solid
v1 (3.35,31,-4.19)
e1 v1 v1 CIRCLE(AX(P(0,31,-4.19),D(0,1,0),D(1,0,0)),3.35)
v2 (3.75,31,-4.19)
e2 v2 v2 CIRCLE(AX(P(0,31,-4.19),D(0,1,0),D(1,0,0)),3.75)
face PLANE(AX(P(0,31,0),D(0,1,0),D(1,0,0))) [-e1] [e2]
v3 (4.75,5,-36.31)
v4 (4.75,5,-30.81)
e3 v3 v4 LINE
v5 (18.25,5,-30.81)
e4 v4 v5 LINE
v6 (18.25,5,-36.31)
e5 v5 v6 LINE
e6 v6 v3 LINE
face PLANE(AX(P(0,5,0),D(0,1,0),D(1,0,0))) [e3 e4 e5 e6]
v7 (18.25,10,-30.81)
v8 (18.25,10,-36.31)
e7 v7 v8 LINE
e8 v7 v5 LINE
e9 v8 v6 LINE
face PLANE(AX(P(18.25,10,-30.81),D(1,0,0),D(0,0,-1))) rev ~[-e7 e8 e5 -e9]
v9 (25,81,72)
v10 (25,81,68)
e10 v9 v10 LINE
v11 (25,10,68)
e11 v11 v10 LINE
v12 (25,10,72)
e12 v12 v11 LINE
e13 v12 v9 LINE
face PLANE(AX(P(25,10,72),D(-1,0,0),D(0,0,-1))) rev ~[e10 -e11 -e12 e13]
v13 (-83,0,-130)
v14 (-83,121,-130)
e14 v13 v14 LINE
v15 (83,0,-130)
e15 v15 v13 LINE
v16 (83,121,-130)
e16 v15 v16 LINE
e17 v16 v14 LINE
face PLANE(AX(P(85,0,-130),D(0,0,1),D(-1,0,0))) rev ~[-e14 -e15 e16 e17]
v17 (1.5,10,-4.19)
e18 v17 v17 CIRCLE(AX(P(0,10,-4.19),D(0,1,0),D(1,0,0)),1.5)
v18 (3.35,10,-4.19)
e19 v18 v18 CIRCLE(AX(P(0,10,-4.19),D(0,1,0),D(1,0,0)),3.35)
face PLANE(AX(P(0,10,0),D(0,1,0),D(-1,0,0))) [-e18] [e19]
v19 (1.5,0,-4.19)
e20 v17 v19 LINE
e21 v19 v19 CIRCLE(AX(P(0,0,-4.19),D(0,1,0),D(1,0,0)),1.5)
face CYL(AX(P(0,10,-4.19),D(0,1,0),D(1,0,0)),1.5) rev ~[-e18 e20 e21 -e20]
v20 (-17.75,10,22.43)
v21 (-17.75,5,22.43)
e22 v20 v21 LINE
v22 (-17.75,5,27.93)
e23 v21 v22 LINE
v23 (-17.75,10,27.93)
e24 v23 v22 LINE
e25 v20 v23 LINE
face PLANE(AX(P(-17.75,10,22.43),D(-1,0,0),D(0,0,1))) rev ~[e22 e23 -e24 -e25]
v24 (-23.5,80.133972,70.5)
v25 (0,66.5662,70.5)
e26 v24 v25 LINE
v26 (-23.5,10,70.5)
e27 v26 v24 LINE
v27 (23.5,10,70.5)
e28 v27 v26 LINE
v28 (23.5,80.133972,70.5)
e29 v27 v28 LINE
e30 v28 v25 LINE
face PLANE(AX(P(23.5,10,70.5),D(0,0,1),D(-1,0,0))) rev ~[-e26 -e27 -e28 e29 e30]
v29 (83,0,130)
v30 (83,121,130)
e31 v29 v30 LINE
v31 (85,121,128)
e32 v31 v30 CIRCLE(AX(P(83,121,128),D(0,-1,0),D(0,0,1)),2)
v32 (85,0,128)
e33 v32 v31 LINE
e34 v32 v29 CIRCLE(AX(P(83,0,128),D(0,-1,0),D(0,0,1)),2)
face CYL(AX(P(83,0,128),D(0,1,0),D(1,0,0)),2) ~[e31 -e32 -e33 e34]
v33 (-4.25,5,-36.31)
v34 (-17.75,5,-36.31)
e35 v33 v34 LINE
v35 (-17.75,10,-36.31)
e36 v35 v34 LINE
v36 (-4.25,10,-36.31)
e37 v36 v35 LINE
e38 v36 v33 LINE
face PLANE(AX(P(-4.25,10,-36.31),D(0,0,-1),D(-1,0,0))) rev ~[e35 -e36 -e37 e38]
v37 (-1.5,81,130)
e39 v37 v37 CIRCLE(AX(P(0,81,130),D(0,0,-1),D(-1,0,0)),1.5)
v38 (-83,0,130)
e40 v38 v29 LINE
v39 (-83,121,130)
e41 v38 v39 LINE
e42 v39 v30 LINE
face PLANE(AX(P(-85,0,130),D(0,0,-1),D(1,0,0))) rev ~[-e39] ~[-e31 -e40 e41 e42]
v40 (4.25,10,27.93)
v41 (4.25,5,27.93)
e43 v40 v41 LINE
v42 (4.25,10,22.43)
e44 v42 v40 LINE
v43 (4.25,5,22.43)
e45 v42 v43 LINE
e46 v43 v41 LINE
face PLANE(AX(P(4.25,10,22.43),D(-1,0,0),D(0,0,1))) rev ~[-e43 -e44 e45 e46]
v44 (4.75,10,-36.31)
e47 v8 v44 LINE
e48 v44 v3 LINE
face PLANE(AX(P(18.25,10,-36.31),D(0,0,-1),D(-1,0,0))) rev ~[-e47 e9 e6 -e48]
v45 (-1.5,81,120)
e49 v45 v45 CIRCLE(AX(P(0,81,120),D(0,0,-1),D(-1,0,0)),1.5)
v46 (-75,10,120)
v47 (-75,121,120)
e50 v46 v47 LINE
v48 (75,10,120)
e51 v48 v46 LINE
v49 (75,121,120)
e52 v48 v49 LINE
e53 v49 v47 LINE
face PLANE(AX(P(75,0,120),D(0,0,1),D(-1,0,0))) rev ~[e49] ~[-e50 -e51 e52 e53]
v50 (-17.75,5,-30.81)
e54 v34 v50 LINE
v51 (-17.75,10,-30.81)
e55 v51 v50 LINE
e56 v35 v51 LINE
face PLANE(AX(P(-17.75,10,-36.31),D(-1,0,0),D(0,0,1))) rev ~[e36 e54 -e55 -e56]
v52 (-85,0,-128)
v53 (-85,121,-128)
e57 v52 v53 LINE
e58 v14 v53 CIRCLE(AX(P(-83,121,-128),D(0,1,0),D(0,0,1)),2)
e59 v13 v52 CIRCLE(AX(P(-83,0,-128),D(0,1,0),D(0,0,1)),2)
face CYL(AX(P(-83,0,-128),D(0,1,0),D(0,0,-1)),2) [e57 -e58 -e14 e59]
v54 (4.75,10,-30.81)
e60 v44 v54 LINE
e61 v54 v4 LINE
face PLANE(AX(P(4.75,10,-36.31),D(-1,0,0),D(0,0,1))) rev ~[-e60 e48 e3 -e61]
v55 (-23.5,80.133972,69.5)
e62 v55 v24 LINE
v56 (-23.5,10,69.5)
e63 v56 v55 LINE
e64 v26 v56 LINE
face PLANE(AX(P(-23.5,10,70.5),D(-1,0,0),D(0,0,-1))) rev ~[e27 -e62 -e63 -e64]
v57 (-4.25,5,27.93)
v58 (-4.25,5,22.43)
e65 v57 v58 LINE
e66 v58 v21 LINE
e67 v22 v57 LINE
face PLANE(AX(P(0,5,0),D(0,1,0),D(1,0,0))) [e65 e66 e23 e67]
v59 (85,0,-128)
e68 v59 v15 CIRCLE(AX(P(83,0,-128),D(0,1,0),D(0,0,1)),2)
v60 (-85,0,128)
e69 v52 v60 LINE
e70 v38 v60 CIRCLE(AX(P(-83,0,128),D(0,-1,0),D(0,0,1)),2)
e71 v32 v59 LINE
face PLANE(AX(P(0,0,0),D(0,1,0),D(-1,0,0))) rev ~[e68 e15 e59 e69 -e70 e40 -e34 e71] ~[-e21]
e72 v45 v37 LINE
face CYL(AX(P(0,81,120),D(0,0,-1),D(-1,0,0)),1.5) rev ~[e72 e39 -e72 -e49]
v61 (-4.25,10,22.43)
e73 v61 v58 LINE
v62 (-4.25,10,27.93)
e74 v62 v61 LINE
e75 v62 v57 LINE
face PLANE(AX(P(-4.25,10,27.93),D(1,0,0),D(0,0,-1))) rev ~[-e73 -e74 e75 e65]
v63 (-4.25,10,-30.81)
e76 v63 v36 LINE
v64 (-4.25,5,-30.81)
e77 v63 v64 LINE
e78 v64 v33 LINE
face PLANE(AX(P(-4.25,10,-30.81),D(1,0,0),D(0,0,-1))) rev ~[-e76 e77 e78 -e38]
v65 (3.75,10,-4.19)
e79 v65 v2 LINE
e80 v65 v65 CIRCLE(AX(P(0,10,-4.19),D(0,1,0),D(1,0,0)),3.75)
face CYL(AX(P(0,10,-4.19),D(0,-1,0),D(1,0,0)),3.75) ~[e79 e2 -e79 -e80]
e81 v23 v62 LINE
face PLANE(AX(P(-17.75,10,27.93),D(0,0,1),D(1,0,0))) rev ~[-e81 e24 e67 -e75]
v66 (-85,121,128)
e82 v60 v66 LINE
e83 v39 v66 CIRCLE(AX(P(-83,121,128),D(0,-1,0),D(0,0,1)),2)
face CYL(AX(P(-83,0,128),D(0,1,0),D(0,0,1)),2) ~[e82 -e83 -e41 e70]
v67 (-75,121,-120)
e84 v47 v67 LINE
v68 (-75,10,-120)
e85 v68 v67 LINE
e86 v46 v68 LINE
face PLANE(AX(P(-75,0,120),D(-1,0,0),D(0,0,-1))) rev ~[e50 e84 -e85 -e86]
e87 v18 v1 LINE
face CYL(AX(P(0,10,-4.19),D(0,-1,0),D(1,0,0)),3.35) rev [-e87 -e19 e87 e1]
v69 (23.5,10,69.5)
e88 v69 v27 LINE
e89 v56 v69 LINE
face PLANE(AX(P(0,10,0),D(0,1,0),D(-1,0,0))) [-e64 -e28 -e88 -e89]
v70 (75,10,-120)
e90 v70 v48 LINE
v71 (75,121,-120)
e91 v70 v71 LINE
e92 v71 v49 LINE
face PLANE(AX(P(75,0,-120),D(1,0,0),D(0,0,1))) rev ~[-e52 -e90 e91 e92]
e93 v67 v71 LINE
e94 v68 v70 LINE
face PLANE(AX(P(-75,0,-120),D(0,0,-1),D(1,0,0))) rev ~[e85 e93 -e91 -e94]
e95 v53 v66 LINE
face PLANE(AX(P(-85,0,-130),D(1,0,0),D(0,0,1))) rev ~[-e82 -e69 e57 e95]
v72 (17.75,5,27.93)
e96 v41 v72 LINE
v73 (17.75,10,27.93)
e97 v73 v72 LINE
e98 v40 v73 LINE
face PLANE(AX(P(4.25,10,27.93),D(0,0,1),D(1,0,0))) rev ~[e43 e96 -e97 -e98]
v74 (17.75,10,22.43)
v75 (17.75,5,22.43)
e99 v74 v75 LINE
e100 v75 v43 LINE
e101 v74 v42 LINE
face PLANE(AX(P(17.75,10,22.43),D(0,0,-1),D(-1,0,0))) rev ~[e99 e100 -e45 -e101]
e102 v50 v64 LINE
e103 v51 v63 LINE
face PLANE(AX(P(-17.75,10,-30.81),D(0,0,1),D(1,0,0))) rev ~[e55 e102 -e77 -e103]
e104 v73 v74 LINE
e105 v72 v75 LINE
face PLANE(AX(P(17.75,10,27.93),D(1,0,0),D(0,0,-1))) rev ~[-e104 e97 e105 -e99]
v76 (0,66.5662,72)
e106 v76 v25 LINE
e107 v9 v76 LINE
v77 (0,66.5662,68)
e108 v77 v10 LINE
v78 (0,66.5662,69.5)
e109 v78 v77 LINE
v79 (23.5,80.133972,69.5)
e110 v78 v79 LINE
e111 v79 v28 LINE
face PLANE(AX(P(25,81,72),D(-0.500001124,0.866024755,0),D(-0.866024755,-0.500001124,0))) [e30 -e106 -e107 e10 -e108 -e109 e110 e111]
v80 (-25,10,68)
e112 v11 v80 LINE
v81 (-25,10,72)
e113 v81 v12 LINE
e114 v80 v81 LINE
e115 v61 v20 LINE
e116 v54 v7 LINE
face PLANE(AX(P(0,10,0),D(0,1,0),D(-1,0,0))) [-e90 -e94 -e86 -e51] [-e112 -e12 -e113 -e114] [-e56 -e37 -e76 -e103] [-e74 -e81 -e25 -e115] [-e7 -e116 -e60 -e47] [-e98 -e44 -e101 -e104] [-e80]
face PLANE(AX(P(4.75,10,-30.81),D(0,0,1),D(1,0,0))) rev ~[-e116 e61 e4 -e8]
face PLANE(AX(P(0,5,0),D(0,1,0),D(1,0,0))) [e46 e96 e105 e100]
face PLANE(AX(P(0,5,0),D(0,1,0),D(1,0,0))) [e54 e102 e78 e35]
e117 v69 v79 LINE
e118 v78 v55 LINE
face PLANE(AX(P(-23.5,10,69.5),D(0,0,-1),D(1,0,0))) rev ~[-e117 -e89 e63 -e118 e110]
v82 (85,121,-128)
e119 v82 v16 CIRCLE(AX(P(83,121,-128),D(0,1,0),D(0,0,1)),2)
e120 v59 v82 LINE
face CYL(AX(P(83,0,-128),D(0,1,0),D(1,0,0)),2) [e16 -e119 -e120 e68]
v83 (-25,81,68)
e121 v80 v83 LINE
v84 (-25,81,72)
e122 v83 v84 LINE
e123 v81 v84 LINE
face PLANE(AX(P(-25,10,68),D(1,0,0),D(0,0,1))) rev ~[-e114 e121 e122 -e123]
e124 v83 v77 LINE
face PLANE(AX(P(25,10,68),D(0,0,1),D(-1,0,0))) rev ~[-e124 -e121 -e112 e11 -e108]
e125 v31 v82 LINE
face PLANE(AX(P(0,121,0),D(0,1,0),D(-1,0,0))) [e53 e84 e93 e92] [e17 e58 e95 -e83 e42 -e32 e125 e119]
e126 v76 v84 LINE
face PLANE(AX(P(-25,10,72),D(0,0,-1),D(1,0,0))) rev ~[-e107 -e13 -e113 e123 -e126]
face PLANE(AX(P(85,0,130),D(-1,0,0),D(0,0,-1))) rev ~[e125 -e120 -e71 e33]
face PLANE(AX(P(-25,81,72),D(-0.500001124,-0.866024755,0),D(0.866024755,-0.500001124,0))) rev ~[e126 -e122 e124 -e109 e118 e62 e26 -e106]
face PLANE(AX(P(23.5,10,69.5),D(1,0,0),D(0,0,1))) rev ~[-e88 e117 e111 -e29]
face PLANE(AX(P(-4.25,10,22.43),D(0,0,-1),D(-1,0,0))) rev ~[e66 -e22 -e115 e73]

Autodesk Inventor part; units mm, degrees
ref_plane "YZ Plane" through (0, 0, 0) normal (1, 0, 0) x (0, 1, 0)
ref_plane "XZ Plane" through (0, 0, 0) normal (0, 1, 0) x (-1, 0, 0)
ref_plane "XY Plane" through (0, 0, 0) normal (0, 0, 1) x (1, 0, 0)
sketch "Boceto1" plane through (0, 0, 0) normal (0, 1, 0) x (-1, 0, 0)
  line L0 (-85, -130) -> (85, -130)
  line L1 (85, -130) -> (85, 130)
  line L2 (85, 130) -> (-85, 130)
  line L3 (-85, 130) -> (-85, -130)
  line L4 (-85, -130) -> (85, 130) construction
  line L5 (85, -130) -> (-85, 130) construction
  line L6 (75, 120) -> (75, -120)
  line L7 (75, -120) -> (-75, -120)
  line L8 (-75, -120) -> (-75, 120)
  line L9 (-75, 120) -> (75, 120)
  point P0 (0, 0)
  point P1 (0, -120)
  point P2 (0, 120)
  point P3 (0, 0)
  dimension "d0" = 170
  dimension "d1" = 260
  dimension "d10" = 10
extrude "Extrusión1" add sketch "Boceto1" along normal blind 121
extrude "Extrusión3" add sketch "Boceto1" along normal blind 10 contours L6 L7 L8 L9
sketch "Boceto4" plane through (0, 10, 0) normal (0, 1, 0) x (1, 0, 0)
  circle A0 centre (0, 4.19) radius 3.75
  line L0 (85, 130) -> (-85, 130) projected
  circle A1 centre (0, 4.19) radius 3.35
  circle A2 centre (0, 4.19) radius 1.5
  line L1 (-85, -130) -> (85, -130) projected
  line L2 (75, -120) -> (-75, -120) construction
  line L3 (0, -120) -> (0, -70) construction
  point P0 (0, 0)
  dimension "d15" = 7.5
  dimension "d17" = 0.4
  dimension "d20" = 3
  dimension "d23" = 134.19
  dimension "d36" = 50
extrude "Extrusión4" add sketch "Boceto4" along normal blind 21 contours A0
extrude "Extrusión5" cut sketch "Boceto4" against normal blind 10 contours A2
sketch "Boceto7" plane through (0, 10, 0) normal (0, 1, 0) x (1, 0, 0)
  circle A0 centre (0, 4.19) radius 1.5 construction
  line L0 (0, 4.19) -> (-17.5, 4.19) construction
  circle A1 centre (0, 4.19) radius 1.5 construction
  line L1 (0, 4.19) -> (0, -27.68) construction
  line L2 (75, -120) -> (-75, -120) construction
  line L3 (0, -120) -> (0, -70) construction
  line L4 (0, -70) -> (-19.0745, -70) construction
  line L5 (25, -68) -> (-25, -68)
  line L6 (-25, -68) -> (-25, -72)
  line L7 (-25, -72) -> (25, -72)
  line L8 (25, -72) -> (25, -68)
  line L9 (25, -68) -> (-25, -72) construction
  line L10 (-25, -68) -> (25, -72) construction
  line L11 (-23.5, -70.5) -> (-23.5, -69.5)
  line L12 (-23.5, -69.5) -> (23.5, -69.5)
  line L13 (23.5, -69.5) -> (23.5, -70.5)
  line L14 (23.5, -70.5) -> (-23.5, -70.5)
  line L15 (-4.25, -22.43) -> (-17.75, -22.43)
  line L16 (-17.75, -22.43) -> (-17.75, -27.93)
  line L17 (-17.75, -27.93) -> (-4.25, -27.93)
  line L18 (-4.25, -27.93) -> (-4.25, -22.43)
  line L19 (17.75, -22.43) -> (4.25, -22.43)
  line L20 (4.25, -22.43) -> (4.25, -27.93)
  line L21 (4.25, -27.93) -> (17.75, -27.93)
  line L22 (17.75, -27.93) -> (17.75, -22.43)
  line L23 (-4.25, 36.31) -> (-17.75, 36.31)
  line L24 (-17.75, 36.31) -> (-17.75, 30.81)
  line L25 (-17.75, 30.81) -> (-4.25, 30.81)
  line L26 (-4.25, 30.81) -> (-4.25, 36.31)
  line L27 (18.25, 36.31) -> (4.75, 36.31)
  line L28 (4.75, 36.31) -> (4.75, 30.81)
  line L29 (4.75, 30.81) -> (18.25, 30.81)
  line L30 (18.25, 30.81) -> (18.25, 36.31)
  point P0 (0, 0)
  dimension "d43" = 31.87
  dimension "d44" = 50
  dimension "d45" = 50
  dimension "d46" = 4
  dimension "d47" = 1.5
  dimension "d100" = 13.5
  dimension "d101" = 5.5
  dimension "d102" = 13.5
  dimension "d103" = 5.5
  dimension "d104" = 13.5
  dimension "d105" = 5.5
  dimension "d106" = 13.5
  dimension "d107" = 5.5
sketch "Boceto8" plane through (75, 121, 120) normal (0, 0, -1) x (-1, 0, 0)
  line L0 (0, -111) -> (150, -111) construction
  line L1 (75, -111) -> (75, -11) construction
  circle A0 centre (75, -40) radius 5
  circle A1 centre (75, -40) radius 1.5
  point P0 (75, -121)
  dimension "d37" = 100
  dimension "d38" = 10
  dimension "d75" = 3
extrude "Extrusión9" add sketch "Boceto7" along normal blind 71 contours L8 L7 L6 L5
sketch "Boceto9" plane through (-25, 10, 72) normal (0, 0, 1) x (1, 0, 0)
  line L0 (0, 71) -> (25, 56.5662)
  line L1 (0, 71) -> (57.416, 71) construction
  line L2 (50, 71) -> (25, 56.5662)
  line L3 (50, 71) -> (104.7106, 71) construction
  arc A0 (48.8838, 70.3556) -> (1.1162, 70.3556) centre (25, 56.5662) ccw
  line L4 (0, 71) -> (1.5, 71)
  line L5 (0, 71) -> (50, 71) projected
  line L6 (50, 71) -> (48.5, 71)
  point P0 (25, -10)
extrude "Extrusión11" add sketch "Boceto9" against normal blind 4 contours A0 L5 L2 L0 | A0 L5
extrude "Extrusión12" cut sketch "Boceto9" against normal blind 4 contours A0 L5 L2 L0 | A0 L5
extrude "Extrusión13" cut sketch "Boceto9" against normal blind 4 contours L4 A0 L0
extrude "Extrusión14" cut sketch "Boceto9" against normal blind 4 contours L5 L2 A0
extrude "Extrusión15" [suppressed]
extrude "Extrusión16" [suppressed]
fillet "Empalme1" radius 2 4 edges at (85, 60.5, 130) (-85, 60.5, 130) (85, 60.5, -130) (-85, 60.5, -130)
extrude "Extrusión17" cut sketch "Boceto8" against normal through all contours A1
extrude "Extrusión20" cut sketch "Boceto7" against normal blind 5 contours L18 L17 L16 L15 | L22 L21 L20 L19 | L26 L25 L24 L23 | L30 L29 L28 L27
properties part number "BoxDark"
